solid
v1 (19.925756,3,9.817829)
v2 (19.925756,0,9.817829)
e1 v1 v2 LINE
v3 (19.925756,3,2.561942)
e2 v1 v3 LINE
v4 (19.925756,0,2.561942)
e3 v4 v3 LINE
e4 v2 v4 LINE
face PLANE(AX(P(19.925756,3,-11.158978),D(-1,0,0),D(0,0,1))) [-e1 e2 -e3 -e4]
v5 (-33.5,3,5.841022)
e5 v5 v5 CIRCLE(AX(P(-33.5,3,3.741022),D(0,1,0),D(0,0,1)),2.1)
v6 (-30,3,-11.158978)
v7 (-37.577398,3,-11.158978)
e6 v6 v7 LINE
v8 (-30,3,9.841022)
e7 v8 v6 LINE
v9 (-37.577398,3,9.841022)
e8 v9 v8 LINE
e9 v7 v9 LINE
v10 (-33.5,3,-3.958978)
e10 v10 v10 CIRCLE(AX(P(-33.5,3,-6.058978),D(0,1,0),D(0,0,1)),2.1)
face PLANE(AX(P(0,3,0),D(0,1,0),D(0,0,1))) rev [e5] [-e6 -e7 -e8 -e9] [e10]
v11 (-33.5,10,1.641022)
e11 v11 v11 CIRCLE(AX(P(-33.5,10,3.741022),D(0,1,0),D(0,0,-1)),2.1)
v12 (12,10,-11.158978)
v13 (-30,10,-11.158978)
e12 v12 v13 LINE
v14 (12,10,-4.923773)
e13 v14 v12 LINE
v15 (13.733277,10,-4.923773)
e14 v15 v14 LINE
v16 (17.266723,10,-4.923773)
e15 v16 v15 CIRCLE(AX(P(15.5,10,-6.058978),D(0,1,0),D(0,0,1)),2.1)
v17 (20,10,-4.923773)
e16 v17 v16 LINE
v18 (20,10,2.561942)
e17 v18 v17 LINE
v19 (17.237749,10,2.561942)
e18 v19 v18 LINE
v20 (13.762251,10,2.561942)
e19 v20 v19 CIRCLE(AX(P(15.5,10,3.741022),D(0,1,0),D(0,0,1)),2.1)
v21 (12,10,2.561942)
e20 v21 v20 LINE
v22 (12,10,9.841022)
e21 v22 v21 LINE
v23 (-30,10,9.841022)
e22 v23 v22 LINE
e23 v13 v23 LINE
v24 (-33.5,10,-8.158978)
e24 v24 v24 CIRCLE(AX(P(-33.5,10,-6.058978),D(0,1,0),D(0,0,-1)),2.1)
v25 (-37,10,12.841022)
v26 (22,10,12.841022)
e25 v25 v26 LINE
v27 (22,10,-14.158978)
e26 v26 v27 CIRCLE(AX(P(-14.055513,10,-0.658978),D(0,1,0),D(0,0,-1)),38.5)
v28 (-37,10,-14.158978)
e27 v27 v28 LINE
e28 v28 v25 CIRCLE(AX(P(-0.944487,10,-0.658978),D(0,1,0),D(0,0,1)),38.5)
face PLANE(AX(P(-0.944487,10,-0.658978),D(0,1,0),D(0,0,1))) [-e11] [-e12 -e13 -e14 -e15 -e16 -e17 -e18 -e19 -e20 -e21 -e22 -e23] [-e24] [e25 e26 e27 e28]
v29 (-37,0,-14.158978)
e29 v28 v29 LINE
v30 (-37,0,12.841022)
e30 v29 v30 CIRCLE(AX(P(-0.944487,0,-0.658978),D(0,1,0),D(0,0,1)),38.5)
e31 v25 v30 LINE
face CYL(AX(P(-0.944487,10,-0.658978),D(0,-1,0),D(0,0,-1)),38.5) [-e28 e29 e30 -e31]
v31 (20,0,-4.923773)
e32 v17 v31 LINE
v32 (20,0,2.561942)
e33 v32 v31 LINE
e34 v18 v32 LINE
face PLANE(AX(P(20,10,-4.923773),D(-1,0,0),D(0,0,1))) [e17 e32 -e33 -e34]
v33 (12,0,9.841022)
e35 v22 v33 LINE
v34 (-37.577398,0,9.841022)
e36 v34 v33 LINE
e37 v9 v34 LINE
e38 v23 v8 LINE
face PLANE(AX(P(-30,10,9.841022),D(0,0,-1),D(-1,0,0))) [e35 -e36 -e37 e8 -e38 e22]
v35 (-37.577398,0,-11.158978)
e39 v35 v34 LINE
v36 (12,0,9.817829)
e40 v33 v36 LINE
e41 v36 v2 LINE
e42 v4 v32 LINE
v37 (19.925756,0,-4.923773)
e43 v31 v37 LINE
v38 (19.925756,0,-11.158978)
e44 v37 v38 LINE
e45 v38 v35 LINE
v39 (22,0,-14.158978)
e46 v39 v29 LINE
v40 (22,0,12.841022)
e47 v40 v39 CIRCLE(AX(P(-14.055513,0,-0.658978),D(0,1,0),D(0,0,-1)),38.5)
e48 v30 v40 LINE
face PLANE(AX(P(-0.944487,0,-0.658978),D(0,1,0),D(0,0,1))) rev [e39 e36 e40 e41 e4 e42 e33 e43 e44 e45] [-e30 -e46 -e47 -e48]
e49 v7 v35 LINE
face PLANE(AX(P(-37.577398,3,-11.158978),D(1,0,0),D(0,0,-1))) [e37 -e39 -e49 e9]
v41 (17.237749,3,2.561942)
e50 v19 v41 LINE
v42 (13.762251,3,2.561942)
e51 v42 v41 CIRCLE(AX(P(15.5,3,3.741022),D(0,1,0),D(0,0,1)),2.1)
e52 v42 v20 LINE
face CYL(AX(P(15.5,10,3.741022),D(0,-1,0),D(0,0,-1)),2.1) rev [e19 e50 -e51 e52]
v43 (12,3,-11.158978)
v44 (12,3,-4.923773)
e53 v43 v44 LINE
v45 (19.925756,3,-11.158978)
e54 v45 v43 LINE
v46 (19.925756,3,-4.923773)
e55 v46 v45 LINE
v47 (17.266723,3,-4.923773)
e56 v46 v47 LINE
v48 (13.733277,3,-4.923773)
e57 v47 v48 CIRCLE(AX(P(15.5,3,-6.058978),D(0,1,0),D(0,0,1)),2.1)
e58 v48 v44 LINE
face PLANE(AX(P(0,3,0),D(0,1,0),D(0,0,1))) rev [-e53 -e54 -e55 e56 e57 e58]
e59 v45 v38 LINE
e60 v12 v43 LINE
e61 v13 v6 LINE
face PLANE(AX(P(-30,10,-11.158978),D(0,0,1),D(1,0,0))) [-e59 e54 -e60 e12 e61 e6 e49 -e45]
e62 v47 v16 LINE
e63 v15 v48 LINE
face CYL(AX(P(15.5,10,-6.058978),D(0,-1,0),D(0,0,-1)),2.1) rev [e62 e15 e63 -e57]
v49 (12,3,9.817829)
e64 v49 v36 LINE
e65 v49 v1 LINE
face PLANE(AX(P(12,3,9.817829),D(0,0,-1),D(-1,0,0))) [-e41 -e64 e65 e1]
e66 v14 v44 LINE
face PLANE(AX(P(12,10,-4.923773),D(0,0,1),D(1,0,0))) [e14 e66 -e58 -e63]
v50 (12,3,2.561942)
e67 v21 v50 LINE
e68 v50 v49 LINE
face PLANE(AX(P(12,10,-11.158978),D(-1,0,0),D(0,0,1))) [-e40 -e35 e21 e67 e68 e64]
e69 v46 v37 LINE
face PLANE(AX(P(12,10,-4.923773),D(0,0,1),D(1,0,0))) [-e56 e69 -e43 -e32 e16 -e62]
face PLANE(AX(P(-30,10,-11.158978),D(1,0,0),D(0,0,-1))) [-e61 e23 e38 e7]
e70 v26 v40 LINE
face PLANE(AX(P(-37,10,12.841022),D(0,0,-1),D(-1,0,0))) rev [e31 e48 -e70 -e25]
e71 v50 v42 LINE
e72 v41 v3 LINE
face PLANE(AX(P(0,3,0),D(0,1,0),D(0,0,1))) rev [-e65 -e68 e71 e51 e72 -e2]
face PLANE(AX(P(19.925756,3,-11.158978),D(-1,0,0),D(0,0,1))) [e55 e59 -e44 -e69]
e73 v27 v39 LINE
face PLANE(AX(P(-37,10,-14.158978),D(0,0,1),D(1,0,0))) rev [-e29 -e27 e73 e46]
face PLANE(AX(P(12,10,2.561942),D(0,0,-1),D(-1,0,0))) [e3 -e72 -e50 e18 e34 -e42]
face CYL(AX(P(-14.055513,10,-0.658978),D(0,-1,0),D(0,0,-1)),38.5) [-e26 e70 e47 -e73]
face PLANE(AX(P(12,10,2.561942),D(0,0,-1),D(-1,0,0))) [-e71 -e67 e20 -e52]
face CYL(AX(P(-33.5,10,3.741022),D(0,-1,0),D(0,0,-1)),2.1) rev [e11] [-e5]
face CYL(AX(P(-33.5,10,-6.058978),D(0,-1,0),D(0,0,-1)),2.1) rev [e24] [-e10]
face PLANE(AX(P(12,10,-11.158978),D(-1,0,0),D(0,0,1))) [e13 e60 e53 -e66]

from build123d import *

# Parameters (mm, degrees)
SKETCH1_R           = 2.1
SKETCH1_W           = 42
SKETCH1_H           = 21
BOSS_EXTRUDE1_DEPTH = 10
SKETCH2_W           = 8
SKETCH2_H           = 7.485714894
CUT_EXTRUDE1_DEPTH  = 10
SKETCH3_W           = 7.57739789
SKETCH3_H           = 21
SKETCH3_W_2         = 7.925755829
SKETCH3_H_2         = 20.976807548
CUT_EXTRUDE3_DEPTH  = 3


with BuildPart() as part:
    # Sketch1 → Boss-Extrude1 (new body)
    with BuildSketch(Plane(origin=(0, 0, 0), x_dir=(1, 0, 0), z_dir=(0, 1, 0))):
        with BuildLine():
            Line((-37, 14.15897814), (22, 14.15897814))
            ThreePointArc((22, 14.15897814), (24.444487245, 0.65897814), (22, -12.84102186))
            Line((22, -12.84102186), (-37, -12.84102186))
            ThreePointArc((-37, -12.84102186), (-39.444487245, 0.65897814), (-37, 14.15897814))
        make_face()
        with Locations(Location((15.5, 6.05897814, 0), (0, 0, 270))):
            Circle(SKETCH1_R, mode=Mode.SUBTRACT)
        with Locations(Location((15.5, -3.74102186, 0), (0, 0, 270))):
            Circle(SKETCH1_R, mode=Mode.SUBTRACT)
        with Locations(Location((-33.5, 6.05897814, 0), (0, 0, 90))):
            Circle(SKETCH1_R, mode=Mode.SUBTRACT)
        with Locations(Location((-33.5, -3.74102186, 0), (0, 0, 90))):
            Circle(SKETCH1_R, mode=Mode.SUBTRACT)
        with Locations((-9, 0.65897814)):
            Rectangle(SKETCH1_W, SKETCH1_H, mode=Mode.SUBTRACT)
    extrude(amount=BOSS_EXTRUDE1_DEPTH)

    # Sketch2 → Cut-Extrude1 (cut)
    with BuildSketch(Plane(origin=(0, 0, 0), x_dir=(1, 0, 0), z_dir=(0, 1, 0))):
        with Locations((16, 1.180915362)):
            Rectangle(SKETCH2_W, SKETCH2_H)
    extrude(amount=CUT_EXTRUDE1_DEPTH, mode=Mode.SUBTRACT)

    # Sketch3 → Cut-Extrude3 (cut)
    with BuildSketch(Plane(origin=(0, 0, 0), x_dir=(1, 0, 0), z_dir=(0, 1, 0))):
        with Locations((-33.788698945, 0.65897814)):
            Rectangle(SKETCH3_W, SKETCH3_H)
        with Locations((15.962877914, 0.670574366)):
            Rectangle(SKETCH3_W_2, SKETCH3_H_2)
    extrude(amount=CUT_EXTRUDE3_DEPTH, mode=Mode.SUBTRACT)


solid = part.part
